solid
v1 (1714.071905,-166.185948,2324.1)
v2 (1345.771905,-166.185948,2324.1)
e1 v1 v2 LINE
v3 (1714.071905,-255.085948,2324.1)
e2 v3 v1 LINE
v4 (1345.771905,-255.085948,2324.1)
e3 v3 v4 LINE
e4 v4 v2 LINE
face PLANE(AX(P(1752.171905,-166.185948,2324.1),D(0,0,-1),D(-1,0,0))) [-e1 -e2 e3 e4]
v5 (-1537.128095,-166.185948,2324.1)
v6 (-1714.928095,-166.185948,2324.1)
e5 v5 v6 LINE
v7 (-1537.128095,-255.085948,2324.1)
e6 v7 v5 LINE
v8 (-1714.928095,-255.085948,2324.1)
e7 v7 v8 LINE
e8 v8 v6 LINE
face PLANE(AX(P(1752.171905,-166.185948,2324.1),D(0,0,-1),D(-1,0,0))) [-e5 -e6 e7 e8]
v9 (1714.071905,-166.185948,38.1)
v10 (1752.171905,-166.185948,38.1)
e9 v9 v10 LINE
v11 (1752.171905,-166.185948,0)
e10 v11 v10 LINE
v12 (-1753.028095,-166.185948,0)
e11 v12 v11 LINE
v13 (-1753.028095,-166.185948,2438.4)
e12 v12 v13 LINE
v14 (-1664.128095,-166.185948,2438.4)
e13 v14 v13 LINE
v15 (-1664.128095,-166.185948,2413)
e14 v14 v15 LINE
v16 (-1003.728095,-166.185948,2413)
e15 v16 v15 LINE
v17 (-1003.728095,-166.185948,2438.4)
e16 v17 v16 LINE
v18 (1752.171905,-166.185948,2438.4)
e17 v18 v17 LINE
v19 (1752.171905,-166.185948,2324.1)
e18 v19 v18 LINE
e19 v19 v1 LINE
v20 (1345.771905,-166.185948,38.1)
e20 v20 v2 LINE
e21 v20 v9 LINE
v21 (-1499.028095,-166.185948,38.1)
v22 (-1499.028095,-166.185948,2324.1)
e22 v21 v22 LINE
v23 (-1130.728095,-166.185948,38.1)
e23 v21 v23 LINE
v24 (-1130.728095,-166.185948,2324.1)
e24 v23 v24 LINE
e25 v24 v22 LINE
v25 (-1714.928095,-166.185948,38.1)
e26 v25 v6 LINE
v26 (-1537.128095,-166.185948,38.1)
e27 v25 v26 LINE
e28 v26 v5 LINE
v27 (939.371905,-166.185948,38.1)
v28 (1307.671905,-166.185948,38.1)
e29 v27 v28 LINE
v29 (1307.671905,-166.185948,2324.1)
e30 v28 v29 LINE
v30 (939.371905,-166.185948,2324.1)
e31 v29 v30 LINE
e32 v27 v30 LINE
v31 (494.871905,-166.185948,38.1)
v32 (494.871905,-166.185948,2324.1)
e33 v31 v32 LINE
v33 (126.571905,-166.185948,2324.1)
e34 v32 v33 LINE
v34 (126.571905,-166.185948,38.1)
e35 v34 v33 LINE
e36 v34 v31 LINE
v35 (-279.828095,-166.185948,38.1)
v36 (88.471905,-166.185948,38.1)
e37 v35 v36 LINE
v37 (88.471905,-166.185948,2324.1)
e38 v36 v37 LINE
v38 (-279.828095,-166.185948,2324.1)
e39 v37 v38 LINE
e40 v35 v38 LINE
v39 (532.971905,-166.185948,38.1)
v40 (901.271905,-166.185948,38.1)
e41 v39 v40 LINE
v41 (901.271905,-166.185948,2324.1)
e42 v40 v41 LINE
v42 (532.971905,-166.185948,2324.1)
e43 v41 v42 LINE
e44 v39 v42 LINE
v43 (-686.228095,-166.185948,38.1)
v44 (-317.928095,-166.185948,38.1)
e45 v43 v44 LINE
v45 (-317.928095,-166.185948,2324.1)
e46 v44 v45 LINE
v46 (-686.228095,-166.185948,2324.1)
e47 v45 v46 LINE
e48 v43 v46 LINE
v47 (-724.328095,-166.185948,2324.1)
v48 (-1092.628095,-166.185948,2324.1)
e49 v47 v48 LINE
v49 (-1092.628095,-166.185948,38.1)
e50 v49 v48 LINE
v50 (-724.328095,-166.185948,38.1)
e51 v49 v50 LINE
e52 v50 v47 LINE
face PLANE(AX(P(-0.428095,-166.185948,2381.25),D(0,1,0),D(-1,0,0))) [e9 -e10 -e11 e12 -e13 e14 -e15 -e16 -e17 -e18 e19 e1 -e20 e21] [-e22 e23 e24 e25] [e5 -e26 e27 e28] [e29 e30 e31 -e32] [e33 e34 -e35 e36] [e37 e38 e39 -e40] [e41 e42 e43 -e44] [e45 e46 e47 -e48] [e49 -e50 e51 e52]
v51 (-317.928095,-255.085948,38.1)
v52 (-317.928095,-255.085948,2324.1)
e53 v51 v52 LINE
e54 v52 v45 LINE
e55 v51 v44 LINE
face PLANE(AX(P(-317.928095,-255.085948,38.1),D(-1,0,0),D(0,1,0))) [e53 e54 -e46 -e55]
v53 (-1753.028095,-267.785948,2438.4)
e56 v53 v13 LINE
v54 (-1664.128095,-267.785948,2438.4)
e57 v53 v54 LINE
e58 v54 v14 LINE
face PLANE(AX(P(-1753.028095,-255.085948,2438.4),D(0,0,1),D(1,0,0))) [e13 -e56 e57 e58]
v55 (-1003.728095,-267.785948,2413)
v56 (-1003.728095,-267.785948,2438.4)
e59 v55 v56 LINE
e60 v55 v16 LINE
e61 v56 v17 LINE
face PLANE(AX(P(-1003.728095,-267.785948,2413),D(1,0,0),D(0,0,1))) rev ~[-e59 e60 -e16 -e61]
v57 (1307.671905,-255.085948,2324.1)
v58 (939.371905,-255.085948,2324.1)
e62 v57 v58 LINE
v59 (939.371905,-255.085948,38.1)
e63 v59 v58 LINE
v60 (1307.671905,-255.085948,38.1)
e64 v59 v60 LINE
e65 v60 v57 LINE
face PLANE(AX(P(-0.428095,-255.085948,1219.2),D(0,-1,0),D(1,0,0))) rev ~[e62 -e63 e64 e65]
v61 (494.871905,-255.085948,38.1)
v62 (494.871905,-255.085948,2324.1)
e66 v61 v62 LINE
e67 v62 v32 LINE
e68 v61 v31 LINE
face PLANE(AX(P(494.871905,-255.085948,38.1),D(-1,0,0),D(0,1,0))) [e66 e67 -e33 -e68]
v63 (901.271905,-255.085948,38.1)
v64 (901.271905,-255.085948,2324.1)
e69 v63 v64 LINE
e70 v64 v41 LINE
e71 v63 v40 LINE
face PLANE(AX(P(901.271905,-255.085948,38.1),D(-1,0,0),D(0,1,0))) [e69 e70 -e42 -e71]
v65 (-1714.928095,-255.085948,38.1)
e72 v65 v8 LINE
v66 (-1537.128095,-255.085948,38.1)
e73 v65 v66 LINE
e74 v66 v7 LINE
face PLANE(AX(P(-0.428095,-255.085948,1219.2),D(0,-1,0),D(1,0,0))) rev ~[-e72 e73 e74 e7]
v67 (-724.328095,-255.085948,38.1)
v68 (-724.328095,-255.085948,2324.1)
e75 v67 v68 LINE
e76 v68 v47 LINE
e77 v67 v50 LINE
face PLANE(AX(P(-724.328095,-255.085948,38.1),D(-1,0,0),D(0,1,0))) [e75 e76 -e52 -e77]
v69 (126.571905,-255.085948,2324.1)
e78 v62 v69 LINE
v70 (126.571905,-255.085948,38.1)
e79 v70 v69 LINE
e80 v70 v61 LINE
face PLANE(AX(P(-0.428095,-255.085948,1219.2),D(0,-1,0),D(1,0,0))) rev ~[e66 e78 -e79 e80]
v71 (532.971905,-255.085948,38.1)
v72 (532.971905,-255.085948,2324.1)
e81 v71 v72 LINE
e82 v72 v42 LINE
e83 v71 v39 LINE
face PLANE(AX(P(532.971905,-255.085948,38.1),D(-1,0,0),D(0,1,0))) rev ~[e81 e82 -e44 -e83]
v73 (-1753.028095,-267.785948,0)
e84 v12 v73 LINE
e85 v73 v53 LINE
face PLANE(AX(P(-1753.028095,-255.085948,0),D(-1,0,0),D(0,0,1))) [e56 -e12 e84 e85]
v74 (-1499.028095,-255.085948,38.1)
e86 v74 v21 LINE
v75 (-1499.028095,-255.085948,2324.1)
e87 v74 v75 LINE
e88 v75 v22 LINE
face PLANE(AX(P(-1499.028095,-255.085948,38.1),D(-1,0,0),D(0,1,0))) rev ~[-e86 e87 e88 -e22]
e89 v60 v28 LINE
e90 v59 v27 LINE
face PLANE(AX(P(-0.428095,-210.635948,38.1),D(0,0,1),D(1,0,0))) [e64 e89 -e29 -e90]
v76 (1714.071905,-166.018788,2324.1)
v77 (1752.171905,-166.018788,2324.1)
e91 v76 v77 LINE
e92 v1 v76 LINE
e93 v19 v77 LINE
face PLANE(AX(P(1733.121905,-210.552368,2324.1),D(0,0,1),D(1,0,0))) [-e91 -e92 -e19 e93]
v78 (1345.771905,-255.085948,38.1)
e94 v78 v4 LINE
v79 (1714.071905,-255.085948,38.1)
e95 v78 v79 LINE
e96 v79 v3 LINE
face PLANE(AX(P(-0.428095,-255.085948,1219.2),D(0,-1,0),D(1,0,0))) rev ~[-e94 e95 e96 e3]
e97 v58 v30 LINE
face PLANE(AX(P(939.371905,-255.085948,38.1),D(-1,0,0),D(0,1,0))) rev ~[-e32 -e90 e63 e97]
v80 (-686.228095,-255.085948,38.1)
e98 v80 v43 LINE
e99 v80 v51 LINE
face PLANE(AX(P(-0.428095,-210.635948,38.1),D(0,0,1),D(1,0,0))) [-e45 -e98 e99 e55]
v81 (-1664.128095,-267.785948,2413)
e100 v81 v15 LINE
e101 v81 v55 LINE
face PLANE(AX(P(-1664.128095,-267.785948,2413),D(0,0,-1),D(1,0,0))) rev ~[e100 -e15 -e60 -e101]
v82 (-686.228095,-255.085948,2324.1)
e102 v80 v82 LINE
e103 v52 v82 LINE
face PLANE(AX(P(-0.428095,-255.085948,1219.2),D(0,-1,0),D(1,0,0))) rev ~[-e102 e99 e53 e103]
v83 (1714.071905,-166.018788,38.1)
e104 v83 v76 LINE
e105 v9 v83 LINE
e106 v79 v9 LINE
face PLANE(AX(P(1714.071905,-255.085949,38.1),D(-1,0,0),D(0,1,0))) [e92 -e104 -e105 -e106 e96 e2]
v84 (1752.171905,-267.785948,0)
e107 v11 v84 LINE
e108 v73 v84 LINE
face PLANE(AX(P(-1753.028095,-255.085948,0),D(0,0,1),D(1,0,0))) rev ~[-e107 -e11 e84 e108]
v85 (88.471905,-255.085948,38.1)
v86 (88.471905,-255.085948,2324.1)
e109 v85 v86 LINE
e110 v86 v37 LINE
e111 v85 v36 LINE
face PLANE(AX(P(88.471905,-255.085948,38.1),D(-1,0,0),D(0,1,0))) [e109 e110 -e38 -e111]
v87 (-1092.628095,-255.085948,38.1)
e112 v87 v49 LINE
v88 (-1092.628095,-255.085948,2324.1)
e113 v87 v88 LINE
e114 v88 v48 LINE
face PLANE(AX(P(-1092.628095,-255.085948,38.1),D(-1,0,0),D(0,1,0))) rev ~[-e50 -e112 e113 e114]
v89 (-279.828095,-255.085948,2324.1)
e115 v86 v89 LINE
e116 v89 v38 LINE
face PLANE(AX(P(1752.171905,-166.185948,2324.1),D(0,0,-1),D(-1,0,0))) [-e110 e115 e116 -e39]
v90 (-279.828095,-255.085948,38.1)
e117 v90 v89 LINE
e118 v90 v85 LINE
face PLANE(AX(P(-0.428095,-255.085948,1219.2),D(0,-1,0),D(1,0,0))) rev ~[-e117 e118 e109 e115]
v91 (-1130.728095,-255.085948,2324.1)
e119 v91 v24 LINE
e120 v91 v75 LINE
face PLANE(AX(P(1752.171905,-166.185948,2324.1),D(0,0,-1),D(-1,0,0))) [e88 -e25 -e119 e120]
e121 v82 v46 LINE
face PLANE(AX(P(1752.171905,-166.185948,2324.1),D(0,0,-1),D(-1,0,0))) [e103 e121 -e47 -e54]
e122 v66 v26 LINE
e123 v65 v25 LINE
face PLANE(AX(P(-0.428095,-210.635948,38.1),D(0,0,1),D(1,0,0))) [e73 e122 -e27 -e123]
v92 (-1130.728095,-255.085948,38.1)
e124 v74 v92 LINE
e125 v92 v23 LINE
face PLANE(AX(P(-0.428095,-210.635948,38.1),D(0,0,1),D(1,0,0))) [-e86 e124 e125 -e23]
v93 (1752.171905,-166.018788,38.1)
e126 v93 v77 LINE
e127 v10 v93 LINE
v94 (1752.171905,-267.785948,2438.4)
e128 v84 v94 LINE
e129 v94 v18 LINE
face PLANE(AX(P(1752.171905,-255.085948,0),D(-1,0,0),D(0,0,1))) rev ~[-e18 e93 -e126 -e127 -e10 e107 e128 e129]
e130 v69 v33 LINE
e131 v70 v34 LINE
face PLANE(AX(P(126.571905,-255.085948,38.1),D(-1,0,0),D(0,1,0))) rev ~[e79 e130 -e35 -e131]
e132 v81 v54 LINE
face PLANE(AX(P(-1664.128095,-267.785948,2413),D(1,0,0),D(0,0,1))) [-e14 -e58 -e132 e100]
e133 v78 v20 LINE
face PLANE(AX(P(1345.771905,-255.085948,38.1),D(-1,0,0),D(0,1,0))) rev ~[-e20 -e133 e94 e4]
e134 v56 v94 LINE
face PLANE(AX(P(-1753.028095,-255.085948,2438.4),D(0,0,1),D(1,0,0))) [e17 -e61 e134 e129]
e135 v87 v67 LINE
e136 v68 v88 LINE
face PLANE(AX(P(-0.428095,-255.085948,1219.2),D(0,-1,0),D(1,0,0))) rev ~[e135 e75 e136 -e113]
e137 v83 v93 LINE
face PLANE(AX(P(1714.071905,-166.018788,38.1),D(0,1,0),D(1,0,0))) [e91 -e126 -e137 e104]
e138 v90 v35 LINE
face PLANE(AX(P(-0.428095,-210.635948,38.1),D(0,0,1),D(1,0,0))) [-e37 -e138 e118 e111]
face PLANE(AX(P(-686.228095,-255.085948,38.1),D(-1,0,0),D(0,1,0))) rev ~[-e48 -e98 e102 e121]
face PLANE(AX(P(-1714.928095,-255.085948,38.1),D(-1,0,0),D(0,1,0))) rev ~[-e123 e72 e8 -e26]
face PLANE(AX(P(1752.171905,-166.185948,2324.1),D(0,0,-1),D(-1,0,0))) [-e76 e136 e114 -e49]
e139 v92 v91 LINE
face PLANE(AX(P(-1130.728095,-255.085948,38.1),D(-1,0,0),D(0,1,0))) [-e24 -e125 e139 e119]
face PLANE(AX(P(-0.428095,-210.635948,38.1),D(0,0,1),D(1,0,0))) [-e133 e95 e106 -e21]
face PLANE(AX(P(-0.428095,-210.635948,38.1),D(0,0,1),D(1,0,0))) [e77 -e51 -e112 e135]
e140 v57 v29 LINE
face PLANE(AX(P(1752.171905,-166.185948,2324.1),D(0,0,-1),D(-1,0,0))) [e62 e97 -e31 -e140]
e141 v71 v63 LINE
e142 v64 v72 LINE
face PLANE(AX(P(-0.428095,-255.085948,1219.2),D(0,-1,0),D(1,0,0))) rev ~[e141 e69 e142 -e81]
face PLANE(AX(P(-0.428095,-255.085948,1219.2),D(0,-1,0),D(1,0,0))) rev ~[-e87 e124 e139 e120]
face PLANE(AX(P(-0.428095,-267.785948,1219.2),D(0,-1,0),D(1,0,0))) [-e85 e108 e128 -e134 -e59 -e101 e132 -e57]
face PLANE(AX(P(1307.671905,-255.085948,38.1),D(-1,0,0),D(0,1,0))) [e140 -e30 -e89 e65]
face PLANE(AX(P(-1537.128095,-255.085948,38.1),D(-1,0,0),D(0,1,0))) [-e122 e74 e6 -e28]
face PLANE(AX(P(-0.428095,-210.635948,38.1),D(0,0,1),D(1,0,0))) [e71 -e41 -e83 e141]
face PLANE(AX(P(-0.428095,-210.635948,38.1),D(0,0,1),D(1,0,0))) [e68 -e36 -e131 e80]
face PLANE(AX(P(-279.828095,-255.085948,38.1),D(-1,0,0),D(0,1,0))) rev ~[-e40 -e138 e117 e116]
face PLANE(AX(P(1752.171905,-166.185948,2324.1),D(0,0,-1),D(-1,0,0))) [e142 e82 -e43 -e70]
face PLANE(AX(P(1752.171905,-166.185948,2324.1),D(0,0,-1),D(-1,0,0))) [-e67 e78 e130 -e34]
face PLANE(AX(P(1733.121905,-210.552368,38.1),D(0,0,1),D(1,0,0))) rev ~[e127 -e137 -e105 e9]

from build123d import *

# Parameters (mm, degrees)
F0_W     = 3505.2
F0_H     = 88.9
F1_DEPTH = 38.1
F2_W     = 38.1
F2_H     = 89.067161
F2_H_2   = 88.9
F3_DEPTH = 2286
F4_W     = 3505.2
F4_H     = 114.3
F5_DEPTH = 88.9
F6_W     = 3505.2
F6_H     = 2438.4
F7_DEPTH = 12.7
F8_W     = 660.4
F8_H     = 25.4
F9_DEPTH = 132.08


with BuildPart() as f1:
    # F0 (on Top) → F1 (new body)
    with BuildSketch(Plane.XY):
        with Locations((-0.428095, -210.635948)):
            Rectangle(F0_W, F0_H)
    extrude(amount=F1_DEPTH)

    # F2 (on face) → F3 (join)
    with BuildSketch(Plane.XY.offset(38.1)):
        with Locations((1733.121905, -210.552368)):
            Rectangle(F2_W, F2_H)
        with Locations((1326.721905, -210.635948)):
            Rectangle(F2_W, F2_H_2)
        with Locations((920.321905, -210.635948)):
            Rectangle(F2_W, F2_H_2)
        with Locations((513.921905, -210.635948)):
            Rectangle(F2_W, F2_H_2)
        with Locations((107.521905, -210.635948)):
            Rectangle(F2_W, F2_H_2)
        with Locations((-298.878095, -210.635948)):
            Rectangle(F2_W, F2_H_2)
        with Locations((-705.278095, -210.635948)):
            Rectangle(F2_W, F2_H_2)
        with Locations((-1111.678095, -210.635948)):
            Rectangle(F2_W, F2_H_2)
        with Locations((-1518.078095, -210.635948)):
            Rectangle(F2_W, F2_H_2)
        with Locations((-1733.978095, -210.635948)):
            Rectangle(F2_W, F2_H_2)
    extrude(amount=F3_DEPTH)

    # F4 (on face) → F5 (join)
    with BuildSketch(Plane(origin=(0, -166.185948, 0), x_dir=(-1, 0, 0), z_dir=(0, 1, 0))):
        with Locations((0.428095, 2381.25)):
            Rectangle(F4_W, F4_H)
    extrude(amount=-F5_DEPTH)

    # F6 (on face) → F7 (join)
    with BuildSketch(Plane.XZ.offset(255.085948)):
        with Locations((-0.428095, 1219.2)):
            Rectangle(F6_W, F6_H)
    extrude(amount=F7_DEPTH)

    # F8 (on face) → F9 (cut)
    with BuildSketch(Plane.XZ.offset(267.785948)):
        with Locations((-1333.928095, 2425.7)):
            Rectangle(F8_W, F8_H)
    extrude(amount=-F9_DEPTH, mode=Mode.SUBTRACT)


solid = f1.part
